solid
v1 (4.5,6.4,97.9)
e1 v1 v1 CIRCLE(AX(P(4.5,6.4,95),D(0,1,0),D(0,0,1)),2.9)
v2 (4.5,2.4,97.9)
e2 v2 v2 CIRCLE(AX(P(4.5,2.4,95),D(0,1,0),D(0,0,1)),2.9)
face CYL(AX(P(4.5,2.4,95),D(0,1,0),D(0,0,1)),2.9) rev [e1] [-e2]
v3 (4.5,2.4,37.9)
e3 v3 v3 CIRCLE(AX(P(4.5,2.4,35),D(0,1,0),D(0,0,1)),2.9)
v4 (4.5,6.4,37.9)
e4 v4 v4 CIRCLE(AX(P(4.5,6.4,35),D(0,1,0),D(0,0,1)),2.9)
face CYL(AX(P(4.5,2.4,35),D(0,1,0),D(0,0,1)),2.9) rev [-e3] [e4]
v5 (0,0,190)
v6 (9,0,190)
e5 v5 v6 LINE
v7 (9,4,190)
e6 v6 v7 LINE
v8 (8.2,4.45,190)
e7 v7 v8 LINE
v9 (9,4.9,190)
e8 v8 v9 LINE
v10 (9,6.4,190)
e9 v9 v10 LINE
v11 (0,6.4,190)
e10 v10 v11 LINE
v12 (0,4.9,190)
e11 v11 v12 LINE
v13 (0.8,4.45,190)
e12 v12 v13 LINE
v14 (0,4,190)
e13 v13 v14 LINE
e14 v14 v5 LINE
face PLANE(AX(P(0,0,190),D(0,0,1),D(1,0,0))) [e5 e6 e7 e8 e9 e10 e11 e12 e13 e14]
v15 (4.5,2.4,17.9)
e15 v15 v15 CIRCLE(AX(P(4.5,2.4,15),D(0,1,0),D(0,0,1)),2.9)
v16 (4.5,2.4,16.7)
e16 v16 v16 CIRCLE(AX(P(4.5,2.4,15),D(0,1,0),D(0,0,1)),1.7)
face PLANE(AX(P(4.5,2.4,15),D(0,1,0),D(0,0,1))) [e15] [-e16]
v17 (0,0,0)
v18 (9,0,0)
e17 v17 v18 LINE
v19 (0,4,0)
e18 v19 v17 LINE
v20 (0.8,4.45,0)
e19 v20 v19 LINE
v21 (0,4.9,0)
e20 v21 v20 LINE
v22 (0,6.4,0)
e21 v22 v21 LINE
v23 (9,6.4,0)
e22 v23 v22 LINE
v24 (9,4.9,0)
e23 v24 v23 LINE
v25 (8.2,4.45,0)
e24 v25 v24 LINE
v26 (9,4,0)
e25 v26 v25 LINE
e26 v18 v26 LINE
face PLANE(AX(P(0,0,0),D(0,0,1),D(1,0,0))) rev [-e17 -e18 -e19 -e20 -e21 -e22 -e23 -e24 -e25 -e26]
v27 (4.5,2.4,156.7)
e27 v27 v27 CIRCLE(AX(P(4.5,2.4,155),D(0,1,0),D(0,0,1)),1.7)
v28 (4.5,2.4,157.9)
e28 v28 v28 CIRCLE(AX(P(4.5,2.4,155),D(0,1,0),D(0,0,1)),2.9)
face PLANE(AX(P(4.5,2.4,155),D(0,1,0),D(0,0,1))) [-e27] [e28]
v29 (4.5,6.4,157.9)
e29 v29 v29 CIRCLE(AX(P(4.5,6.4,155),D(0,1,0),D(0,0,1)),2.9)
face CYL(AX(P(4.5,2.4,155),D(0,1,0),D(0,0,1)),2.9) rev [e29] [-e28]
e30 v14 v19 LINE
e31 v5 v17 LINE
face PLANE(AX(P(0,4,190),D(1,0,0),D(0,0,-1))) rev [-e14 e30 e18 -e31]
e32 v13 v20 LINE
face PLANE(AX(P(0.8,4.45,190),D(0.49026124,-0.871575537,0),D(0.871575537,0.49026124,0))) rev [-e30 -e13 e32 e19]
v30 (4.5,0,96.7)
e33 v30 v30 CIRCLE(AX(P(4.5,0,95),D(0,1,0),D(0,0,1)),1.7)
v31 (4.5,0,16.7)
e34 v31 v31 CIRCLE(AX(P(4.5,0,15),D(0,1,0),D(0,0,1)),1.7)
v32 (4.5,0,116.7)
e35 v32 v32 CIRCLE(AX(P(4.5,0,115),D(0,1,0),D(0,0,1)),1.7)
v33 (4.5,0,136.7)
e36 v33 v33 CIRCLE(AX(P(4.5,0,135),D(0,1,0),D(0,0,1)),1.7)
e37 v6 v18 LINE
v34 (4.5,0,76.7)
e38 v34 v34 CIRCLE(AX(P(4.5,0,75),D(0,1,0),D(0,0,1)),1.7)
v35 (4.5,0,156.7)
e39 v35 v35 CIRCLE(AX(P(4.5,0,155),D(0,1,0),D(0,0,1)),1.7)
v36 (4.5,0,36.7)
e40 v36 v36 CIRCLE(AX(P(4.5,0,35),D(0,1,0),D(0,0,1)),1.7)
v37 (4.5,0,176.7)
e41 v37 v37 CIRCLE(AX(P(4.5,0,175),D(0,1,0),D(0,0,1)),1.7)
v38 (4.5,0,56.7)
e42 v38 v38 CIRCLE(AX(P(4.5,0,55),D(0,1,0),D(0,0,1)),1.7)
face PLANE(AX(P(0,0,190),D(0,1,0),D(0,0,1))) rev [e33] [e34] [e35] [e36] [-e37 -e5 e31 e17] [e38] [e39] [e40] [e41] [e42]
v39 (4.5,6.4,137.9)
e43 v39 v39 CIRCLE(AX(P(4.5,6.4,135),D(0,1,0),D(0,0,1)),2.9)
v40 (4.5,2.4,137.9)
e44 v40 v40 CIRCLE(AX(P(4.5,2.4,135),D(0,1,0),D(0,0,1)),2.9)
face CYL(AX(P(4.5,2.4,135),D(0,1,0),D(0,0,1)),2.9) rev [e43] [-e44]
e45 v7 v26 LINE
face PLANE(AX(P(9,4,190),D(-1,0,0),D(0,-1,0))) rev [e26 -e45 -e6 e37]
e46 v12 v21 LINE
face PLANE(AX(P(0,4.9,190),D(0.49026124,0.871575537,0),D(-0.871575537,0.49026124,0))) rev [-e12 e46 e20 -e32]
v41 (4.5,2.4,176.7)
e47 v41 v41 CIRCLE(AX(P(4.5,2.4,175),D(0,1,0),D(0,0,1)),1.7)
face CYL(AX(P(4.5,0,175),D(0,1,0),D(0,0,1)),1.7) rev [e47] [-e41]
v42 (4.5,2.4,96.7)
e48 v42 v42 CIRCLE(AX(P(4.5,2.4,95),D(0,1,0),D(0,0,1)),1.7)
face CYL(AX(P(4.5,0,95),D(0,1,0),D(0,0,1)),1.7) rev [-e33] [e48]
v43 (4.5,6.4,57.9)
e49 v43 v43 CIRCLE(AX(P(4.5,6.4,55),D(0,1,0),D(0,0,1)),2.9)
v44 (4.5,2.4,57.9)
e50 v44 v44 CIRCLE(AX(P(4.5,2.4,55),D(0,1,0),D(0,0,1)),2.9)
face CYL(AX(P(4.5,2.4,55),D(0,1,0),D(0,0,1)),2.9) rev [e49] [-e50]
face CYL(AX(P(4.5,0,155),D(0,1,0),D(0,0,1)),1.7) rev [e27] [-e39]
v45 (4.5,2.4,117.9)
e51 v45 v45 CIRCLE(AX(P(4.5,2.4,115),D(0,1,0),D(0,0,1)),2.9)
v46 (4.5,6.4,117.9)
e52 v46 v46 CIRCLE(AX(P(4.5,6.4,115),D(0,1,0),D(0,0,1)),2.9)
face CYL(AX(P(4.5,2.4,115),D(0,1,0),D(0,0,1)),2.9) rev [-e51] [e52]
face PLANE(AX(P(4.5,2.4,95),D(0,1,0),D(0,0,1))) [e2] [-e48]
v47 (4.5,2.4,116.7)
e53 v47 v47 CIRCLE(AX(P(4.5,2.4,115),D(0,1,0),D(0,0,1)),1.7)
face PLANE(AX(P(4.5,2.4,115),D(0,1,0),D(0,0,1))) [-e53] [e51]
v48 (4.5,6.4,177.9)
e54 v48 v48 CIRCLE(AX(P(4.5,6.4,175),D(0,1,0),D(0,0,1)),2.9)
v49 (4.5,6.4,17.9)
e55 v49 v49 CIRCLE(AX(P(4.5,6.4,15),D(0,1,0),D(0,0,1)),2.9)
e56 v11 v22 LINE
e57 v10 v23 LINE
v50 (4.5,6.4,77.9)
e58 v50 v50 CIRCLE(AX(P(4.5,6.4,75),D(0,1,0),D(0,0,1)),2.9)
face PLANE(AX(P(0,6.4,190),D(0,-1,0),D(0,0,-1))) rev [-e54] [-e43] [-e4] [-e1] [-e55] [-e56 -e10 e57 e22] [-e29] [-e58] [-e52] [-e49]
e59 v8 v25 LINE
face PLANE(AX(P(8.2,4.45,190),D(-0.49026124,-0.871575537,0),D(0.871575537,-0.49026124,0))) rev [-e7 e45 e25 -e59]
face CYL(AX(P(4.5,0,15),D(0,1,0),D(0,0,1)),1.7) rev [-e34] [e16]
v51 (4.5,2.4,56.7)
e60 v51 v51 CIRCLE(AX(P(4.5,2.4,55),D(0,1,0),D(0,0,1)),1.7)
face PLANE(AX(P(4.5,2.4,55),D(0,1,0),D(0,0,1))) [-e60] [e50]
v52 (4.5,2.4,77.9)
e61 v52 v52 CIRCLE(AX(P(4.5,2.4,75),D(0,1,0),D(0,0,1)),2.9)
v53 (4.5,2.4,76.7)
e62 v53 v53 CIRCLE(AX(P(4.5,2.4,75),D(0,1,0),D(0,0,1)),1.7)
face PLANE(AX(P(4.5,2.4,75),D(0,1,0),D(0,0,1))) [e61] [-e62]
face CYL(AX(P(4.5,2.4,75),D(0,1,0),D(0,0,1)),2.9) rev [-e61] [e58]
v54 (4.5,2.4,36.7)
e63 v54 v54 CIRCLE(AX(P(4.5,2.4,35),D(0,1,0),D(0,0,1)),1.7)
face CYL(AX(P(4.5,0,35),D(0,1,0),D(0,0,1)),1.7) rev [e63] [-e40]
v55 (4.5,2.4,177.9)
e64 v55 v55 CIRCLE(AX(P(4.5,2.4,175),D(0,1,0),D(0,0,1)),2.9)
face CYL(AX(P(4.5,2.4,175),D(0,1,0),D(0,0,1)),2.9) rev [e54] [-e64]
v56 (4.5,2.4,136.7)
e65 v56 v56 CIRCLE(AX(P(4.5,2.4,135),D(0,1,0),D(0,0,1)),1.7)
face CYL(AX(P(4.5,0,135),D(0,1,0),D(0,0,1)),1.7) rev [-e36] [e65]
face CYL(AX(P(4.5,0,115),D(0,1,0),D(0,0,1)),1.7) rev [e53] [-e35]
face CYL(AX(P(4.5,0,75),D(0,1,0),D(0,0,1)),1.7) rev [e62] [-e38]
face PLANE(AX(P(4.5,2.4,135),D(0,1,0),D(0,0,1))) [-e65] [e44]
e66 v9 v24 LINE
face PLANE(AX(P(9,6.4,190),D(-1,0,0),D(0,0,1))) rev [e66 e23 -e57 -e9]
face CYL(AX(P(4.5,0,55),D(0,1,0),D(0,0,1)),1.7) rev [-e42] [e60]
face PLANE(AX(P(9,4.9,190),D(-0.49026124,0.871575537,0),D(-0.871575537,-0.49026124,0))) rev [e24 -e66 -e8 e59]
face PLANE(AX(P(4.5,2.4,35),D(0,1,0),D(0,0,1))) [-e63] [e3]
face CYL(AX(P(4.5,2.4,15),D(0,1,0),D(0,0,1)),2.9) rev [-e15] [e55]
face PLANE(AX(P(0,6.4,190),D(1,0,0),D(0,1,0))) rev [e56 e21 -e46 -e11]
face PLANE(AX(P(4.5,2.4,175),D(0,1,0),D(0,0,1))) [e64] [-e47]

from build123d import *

# Parameters (mm, degrees)
BOSS_EXTRUDE1_DEPTH = 190
SKETCH2_R           = 2.9
CUT_EXTRUDE1_DEPTH  = 4
SKETCH3_R           = 1.7
CUT_EXTRUDE2_DEPTH  = 191.255091916


with BuildPart() as part:
    # Sketch1 → Boss-Extrude1 (new body)
    with BuildSketch(Plane.XY):
        Polygon((9, 6.4), (9, 4.9), (8.2, 4.45), (9, 4), (9, 0), (0, 0), (0, 4), (0.8, 4.45), (0, 4.9), (0, 6.4), align=None)
    extrude(amount=BOSS_EXTRUDE1_DEPTH)

    # Sketch2 → Cut-Extrude1 (cut)
    with BuildSketch(Plane(origin=(0, 6.4, 0), x_dir=(1, 0, 0), z_dir=(0, 1, 0))):
        with Locations(Location((4.5, -175, 0), (0, 0, 270))):
            Circle(SKETCH2_R)
        with Locations(Location((4.5, -155, 0), (0, 0, 270))):
            Circle(SKETCH2_R)
        with Locations(Location((4.5, -135, 0), (0, 0, 270))):
            Circle(SKETCH2_R)
        with Locations(Location((4.5, -115, 0), (0, 0, 270))):
            Circle(SKETCH2_R)
        with Locations(Location((4.5, -95, 0), (0, 0, 270))):
            Circle(SKETCH2_R)
        with Locations(Location((4.5, -75, 0), (0, 0, 270))):
            Circle(SKETCH2_R)
        with Locations(Location((4.5, -55, 0), (0, 0, 270))):
            Circle(SKETCH2_R)
        with Locations(Location((4.5, -35, 0), (0, 0, 270))):
            Circle(SKETCH2_R)
        with Locations(Location((4.5, -15, 0), (0, 0, 270))):
            Circle(SKETCH2_R)
    extrude(amount=-CUT_EXTRUDE1_DEPTH, mode=Mode.SUBTRACT)

    # Sketch3 → Cut-Extrude2 (cut, through all)
    with BuildSketch(Plane(origin=(0, 2.4, 0), x_dir=(1, 0, 0), z_dir=(0, 1, 0))):
        with Locations(Location((4.5, -175, 0), (0, 0, 270))):
            Circle(SKETCH3_R)
        with Locations(Location((4.5, -155, 0), (0, 0, 270))):
            Circle(SKETCH3_R)
        with Locations(Location((4.5, -135, 0), (0, 0, 270))):
            Circle(SKETCH3_R)
        with Locations(Location((4.5, -115, 0), (0, 0, 270))):
            Circle(SKETCH3_R)
        with Locations(Location((4.5, -95, 0), (0, 0, 270))):
            Circle(SKETCH3_R)
        with Locations(Location((4.5, -75, 0), (0, 0, 270))):
            Circle(SKETCH3_R)
        with Locations(Location((4.5, -55, 0), (0, 0, 270))):
            Circle(SKETCH3_R)
        with Locations(Location((4.5, -35, 0), (0, 0, 270))):
            Circle(SKETCH3_R)
        with Locations(Location((4.5, -15, 0), (0, 0, 270))):
            Circle(SKETCH3_R)
    extrude(amount=-CUT_EXTRUDE2_DEPTH, mode=Mode.SUBTRACT)


solid = part.part
